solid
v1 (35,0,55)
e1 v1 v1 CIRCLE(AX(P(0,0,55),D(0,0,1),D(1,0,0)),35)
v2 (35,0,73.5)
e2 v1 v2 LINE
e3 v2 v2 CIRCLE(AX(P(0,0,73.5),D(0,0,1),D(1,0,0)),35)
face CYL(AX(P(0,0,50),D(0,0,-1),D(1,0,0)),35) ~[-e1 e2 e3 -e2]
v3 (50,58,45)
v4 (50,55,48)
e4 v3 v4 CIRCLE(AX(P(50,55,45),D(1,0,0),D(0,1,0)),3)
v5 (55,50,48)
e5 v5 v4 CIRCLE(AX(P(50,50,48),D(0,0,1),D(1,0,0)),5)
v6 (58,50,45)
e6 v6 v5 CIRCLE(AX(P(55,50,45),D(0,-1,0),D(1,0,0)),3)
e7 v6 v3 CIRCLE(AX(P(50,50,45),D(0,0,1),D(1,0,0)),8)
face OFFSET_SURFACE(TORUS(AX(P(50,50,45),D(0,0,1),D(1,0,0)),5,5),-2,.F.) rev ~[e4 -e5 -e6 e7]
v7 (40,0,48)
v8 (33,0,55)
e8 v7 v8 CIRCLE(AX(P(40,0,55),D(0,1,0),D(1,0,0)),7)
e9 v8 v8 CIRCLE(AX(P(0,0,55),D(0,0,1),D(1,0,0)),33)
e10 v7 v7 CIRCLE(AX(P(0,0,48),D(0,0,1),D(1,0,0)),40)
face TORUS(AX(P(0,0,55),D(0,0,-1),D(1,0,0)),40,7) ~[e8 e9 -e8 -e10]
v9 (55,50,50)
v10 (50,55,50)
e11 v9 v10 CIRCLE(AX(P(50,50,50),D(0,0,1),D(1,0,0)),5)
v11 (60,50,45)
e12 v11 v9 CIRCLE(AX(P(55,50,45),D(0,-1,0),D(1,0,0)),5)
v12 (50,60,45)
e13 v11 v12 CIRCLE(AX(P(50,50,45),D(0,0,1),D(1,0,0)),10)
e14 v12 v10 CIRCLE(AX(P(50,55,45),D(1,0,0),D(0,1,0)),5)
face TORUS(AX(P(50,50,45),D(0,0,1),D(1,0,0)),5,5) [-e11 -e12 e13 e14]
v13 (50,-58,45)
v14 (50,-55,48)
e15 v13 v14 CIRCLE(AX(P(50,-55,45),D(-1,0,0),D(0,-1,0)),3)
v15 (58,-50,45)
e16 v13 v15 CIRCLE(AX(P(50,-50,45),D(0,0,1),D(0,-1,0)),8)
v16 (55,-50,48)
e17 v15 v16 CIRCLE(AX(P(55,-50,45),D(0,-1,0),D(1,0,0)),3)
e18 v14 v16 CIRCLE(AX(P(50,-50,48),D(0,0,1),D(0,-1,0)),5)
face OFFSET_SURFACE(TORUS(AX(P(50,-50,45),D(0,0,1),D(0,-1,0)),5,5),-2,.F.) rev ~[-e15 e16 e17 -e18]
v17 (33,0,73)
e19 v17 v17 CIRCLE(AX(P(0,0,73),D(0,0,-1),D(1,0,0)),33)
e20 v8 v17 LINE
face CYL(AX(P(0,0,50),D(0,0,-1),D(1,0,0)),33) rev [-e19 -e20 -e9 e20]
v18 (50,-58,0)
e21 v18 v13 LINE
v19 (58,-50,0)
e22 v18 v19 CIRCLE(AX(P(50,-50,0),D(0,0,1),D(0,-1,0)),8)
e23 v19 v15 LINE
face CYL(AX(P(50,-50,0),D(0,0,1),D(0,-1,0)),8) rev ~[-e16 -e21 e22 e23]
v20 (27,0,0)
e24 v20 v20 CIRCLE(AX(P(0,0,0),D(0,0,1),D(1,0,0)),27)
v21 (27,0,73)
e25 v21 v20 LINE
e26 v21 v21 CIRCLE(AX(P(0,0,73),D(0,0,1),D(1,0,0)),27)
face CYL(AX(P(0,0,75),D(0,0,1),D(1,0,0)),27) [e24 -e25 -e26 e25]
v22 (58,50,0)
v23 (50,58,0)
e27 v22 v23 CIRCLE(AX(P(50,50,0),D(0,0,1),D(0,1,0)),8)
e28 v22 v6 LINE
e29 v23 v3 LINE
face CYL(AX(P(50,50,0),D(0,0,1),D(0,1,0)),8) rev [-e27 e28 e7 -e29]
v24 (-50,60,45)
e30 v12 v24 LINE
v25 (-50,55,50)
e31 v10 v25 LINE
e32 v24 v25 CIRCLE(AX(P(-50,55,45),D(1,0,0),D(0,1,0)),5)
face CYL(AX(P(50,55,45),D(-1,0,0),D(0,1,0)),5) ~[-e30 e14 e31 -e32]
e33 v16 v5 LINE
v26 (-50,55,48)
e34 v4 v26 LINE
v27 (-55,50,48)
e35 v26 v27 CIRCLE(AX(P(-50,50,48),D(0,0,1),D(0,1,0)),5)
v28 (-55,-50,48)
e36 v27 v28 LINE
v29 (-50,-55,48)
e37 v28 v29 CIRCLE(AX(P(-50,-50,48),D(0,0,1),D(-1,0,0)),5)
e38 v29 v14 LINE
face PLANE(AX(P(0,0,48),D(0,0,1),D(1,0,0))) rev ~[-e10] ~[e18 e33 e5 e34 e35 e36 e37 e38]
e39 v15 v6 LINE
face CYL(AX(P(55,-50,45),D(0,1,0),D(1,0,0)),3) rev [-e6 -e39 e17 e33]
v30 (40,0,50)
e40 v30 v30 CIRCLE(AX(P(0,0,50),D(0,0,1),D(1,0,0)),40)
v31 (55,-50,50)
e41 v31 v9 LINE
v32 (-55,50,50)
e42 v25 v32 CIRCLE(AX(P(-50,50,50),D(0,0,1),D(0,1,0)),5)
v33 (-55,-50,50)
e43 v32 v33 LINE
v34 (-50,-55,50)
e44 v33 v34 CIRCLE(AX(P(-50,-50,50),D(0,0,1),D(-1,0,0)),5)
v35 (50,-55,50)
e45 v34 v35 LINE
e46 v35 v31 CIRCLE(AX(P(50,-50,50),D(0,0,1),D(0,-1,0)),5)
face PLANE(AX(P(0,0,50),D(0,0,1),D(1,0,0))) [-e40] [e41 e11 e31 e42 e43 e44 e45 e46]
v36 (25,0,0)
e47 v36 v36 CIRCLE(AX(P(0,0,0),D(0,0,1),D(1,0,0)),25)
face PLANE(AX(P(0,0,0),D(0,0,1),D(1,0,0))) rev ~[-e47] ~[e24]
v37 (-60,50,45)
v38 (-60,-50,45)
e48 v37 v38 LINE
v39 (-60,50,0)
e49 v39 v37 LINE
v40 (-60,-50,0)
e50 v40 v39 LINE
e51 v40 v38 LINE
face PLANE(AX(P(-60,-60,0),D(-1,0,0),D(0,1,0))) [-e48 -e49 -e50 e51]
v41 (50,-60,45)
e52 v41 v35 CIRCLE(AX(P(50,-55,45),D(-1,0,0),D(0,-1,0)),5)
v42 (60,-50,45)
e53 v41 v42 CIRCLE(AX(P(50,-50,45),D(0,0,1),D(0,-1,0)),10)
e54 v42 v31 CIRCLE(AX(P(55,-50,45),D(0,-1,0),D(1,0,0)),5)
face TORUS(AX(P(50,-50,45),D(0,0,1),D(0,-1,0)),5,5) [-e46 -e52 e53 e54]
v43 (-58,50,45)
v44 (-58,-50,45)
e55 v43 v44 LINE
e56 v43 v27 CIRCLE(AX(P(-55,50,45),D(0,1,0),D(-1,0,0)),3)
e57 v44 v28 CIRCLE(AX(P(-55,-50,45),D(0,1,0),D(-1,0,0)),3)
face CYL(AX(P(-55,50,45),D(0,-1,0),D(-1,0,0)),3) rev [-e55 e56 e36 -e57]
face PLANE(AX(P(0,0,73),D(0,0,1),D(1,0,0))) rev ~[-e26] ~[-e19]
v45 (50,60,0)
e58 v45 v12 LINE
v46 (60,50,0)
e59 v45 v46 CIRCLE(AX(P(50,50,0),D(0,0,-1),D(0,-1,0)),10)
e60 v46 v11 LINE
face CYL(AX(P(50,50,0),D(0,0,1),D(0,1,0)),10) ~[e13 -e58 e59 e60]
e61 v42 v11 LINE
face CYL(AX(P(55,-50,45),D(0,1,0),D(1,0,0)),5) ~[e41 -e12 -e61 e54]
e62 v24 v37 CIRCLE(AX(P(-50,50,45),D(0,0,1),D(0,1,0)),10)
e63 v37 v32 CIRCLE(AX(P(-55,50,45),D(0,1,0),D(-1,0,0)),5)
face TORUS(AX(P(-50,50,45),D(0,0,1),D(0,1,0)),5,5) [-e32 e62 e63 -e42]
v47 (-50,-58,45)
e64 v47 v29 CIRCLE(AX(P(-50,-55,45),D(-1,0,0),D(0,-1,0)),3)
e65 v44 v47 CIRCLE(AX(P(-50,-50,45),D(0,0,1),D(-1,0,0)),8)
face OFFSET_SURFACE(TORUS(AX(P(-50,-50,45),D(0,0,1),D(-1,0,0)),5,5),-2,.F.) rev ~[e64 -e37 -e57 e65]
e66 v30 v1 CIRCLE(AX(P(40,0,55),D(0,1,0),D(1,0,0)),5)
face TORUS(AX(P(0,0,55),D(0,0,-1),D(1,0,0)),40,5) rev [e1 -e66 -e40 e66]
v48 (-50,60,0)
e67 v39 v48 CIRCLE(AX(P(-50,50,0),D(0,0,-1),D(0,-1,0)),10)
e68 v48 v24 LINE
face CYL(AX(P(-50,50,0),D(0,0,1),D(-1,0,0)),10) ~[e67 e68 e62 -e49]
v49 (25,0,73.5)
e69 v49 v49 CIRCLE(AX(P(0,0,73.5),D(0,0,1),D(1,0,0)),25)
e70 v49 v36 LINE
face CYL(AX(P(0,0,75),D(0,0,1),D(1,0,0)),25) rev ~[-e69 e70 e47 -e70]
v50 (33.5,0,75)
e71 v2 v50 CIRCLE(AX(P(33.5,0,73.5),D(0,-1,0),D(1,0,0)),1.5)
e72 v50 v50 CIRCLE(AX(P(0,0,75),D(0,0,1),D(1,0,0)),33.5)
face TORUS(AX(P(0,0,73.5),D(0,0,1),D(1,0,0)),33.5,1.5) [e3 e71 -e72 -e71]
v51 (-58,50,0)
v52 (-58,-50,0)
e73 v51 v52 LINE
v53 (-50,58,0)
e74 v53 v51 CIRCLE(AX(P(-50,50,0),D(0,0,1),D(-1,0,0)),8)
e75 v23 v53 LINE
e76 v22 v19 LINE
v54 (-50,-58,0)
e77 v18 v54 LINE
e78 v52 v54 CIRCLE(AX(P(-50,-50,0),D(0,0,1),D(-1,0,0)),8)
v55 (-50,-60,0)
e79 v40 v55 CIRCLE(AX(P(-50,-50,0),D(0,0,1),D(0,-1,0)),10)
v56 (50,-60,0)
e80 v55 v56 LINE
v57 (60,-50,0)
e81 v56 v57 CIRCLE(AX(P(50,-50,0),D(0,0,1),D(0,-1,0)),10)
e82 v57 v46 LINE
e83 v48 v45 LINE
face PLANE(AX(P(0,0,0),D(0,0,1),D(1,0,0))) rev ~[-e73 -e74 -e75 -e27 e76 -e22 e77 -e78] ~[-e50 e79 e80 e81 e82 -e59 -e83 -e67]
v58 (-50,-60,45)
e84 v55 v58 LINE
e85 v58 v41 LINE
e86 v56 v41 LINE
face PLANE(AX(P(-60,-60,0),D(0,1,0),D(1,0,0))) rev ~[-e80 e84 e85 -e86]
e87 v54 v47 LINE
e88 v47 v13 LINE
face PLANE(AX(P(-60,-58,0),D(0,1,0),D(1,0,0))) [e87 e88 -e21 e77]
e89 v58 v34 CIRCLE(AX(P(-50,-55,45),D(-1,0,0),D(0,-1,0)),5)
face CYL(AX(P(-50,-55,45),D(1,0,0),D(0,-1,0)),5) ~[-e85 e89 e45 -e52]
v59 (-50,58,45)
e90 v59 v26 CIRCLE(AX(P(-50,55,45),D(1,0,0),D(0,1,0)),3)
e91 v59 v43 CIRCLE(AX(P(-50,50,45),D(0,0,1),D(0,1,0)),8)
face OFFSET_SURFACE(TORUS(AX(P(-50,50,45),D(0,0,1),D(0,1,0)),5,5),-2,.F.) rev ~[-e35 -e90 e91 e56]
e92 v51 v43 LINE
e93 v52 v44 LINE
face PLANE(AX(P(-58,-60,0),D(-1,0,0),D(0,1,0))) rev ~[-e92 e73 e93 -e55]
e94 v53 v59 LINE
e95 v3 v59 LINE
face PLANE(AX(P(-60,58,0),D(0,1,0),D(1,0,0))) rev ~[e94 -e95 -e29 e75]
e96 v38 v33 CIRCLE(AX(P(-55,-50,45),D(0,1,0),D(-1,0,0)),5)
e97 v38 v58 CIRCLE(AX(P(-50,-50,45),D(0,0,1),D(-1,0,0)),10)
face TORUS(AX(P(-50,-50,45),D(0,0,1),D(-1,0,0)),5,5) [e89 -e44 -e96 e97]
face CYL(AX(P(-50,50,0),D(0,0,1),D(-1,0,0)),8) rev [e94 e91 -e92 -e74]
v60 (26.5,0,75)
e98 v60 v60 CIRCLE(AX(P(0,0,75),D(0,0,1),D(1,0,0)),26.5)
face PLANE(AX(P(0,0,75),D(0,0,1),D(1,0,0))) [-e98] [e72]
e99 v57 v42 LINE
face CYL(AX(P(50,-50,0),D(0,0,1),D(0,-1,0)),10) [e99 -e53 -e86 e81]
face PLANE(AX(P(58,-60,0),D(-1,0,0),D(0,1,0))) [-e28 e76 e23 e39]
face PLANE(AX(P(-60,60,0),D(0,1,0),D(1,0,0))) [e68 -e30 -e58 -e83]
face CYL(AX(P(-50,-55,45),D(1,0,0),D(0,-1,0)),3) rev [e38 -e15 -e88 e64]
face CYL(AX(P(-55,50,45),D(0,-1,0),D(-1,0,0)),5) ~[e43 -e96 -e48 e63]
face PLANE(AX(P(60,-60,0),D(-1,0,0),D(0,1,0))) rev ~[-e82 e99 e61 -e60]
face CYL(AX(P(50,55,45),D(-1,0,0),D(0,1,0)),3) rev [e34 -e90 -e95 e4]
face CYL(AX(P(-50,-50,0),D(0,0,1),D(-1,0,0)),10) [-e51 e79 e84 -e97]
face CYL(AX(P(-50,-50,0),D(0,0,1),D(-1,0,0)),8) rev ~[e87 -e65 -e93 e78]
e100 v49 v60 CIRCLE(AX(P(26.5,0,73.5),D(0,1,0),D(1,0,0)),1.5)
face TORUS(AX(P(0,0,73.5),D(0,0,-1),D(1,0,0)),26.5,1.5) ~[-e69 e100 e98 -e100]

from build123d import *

# Parameters (mm, degrees)
SKETCH1_W           = 120
SKETCH1_H           = 120
BOSS_EXTRUDE1_DEPTH = 50
SKETCH2_R           = 35
BOSS_EXTRUDE2_DEPTH = 25
SKETCH3_R           = 25
CUT_EXTRUDE1_DEPTH  = 76
FILLET1_R           = 1.5
FILLET2_R           = 10
FILLET4_R           = 5
SHELL1_T            = -2


with BuildPart() as part:
    # Sketch1 → Boss-Extrude1 (new body)
    with BuildSketch(Plane.XY):
        Rectangle(SKETCH1_W, SKETCH1_H)
    extrude(amount=BOSS_EXTRUDE1_DEPTH)

    # Sketch2 → Boss-Extrude2 (add)
    with BuildSketch(Plane.XY.offset(50)):
        Circle(SKETCH2_R)
    extrude(amount=BOSS_EXTRUDE2_DEPTH)

    # Sketch3 → Cut-Extrude1 (cut, through all)
    with BuildSketch(Plane.XY.offset(75)):
        Circle(SKETCH3_R)
    extrude(amount=-CUT_EXTRUDE1_DEPTH, mode=Mode.SUBTRACT)

    # Fillet1
    fillet1_edges = [part.edges().sort_by_distance(p)[0] for p in [
        (-35, 0, 75),
        (-25, 0, 75),
    ]]
    fillet(fillet1_edges, radius=FILLET1_R)

    # Fillet2
    fillet2_edges = [part.edges().sort_by_distance(p)[0] for p in [
        (60, -60, 25),
        (-60, -60, 25),
        (-60, 60, 25),
        (60, 60, 25),
    ]]
    fillet(fillet2_edges, radius=FILLET2_R)

    # Fillet4
    fillet4_edges = [part.edges().sort_by_distance(p)[0] for p in [
        (-35, 0, 50),
        (0, -60, 50),
        (-60, 0, 50),
        (60, 0, 50),
        (0, 60, 50),
        (57.071067812, 57.071067812, 50),
        (57.071067812, -57.071067812, 50),
        (-57.071067812, 57.071067812, 50),
        (-57.071067812, -57.071067812, 50),
    ]]
    fillet(fillet4_edges, radius=FILLET4_R)

    # Shell1
    shell1_openings = [part.faces().sort_by_distance(p)[0] for p in [
        (25, 0, 0),
    ]]
    offset(amount=SHELL1_T, openings=shell1_openings, kind=Kind.INTERSECTION)


solid = part.part
